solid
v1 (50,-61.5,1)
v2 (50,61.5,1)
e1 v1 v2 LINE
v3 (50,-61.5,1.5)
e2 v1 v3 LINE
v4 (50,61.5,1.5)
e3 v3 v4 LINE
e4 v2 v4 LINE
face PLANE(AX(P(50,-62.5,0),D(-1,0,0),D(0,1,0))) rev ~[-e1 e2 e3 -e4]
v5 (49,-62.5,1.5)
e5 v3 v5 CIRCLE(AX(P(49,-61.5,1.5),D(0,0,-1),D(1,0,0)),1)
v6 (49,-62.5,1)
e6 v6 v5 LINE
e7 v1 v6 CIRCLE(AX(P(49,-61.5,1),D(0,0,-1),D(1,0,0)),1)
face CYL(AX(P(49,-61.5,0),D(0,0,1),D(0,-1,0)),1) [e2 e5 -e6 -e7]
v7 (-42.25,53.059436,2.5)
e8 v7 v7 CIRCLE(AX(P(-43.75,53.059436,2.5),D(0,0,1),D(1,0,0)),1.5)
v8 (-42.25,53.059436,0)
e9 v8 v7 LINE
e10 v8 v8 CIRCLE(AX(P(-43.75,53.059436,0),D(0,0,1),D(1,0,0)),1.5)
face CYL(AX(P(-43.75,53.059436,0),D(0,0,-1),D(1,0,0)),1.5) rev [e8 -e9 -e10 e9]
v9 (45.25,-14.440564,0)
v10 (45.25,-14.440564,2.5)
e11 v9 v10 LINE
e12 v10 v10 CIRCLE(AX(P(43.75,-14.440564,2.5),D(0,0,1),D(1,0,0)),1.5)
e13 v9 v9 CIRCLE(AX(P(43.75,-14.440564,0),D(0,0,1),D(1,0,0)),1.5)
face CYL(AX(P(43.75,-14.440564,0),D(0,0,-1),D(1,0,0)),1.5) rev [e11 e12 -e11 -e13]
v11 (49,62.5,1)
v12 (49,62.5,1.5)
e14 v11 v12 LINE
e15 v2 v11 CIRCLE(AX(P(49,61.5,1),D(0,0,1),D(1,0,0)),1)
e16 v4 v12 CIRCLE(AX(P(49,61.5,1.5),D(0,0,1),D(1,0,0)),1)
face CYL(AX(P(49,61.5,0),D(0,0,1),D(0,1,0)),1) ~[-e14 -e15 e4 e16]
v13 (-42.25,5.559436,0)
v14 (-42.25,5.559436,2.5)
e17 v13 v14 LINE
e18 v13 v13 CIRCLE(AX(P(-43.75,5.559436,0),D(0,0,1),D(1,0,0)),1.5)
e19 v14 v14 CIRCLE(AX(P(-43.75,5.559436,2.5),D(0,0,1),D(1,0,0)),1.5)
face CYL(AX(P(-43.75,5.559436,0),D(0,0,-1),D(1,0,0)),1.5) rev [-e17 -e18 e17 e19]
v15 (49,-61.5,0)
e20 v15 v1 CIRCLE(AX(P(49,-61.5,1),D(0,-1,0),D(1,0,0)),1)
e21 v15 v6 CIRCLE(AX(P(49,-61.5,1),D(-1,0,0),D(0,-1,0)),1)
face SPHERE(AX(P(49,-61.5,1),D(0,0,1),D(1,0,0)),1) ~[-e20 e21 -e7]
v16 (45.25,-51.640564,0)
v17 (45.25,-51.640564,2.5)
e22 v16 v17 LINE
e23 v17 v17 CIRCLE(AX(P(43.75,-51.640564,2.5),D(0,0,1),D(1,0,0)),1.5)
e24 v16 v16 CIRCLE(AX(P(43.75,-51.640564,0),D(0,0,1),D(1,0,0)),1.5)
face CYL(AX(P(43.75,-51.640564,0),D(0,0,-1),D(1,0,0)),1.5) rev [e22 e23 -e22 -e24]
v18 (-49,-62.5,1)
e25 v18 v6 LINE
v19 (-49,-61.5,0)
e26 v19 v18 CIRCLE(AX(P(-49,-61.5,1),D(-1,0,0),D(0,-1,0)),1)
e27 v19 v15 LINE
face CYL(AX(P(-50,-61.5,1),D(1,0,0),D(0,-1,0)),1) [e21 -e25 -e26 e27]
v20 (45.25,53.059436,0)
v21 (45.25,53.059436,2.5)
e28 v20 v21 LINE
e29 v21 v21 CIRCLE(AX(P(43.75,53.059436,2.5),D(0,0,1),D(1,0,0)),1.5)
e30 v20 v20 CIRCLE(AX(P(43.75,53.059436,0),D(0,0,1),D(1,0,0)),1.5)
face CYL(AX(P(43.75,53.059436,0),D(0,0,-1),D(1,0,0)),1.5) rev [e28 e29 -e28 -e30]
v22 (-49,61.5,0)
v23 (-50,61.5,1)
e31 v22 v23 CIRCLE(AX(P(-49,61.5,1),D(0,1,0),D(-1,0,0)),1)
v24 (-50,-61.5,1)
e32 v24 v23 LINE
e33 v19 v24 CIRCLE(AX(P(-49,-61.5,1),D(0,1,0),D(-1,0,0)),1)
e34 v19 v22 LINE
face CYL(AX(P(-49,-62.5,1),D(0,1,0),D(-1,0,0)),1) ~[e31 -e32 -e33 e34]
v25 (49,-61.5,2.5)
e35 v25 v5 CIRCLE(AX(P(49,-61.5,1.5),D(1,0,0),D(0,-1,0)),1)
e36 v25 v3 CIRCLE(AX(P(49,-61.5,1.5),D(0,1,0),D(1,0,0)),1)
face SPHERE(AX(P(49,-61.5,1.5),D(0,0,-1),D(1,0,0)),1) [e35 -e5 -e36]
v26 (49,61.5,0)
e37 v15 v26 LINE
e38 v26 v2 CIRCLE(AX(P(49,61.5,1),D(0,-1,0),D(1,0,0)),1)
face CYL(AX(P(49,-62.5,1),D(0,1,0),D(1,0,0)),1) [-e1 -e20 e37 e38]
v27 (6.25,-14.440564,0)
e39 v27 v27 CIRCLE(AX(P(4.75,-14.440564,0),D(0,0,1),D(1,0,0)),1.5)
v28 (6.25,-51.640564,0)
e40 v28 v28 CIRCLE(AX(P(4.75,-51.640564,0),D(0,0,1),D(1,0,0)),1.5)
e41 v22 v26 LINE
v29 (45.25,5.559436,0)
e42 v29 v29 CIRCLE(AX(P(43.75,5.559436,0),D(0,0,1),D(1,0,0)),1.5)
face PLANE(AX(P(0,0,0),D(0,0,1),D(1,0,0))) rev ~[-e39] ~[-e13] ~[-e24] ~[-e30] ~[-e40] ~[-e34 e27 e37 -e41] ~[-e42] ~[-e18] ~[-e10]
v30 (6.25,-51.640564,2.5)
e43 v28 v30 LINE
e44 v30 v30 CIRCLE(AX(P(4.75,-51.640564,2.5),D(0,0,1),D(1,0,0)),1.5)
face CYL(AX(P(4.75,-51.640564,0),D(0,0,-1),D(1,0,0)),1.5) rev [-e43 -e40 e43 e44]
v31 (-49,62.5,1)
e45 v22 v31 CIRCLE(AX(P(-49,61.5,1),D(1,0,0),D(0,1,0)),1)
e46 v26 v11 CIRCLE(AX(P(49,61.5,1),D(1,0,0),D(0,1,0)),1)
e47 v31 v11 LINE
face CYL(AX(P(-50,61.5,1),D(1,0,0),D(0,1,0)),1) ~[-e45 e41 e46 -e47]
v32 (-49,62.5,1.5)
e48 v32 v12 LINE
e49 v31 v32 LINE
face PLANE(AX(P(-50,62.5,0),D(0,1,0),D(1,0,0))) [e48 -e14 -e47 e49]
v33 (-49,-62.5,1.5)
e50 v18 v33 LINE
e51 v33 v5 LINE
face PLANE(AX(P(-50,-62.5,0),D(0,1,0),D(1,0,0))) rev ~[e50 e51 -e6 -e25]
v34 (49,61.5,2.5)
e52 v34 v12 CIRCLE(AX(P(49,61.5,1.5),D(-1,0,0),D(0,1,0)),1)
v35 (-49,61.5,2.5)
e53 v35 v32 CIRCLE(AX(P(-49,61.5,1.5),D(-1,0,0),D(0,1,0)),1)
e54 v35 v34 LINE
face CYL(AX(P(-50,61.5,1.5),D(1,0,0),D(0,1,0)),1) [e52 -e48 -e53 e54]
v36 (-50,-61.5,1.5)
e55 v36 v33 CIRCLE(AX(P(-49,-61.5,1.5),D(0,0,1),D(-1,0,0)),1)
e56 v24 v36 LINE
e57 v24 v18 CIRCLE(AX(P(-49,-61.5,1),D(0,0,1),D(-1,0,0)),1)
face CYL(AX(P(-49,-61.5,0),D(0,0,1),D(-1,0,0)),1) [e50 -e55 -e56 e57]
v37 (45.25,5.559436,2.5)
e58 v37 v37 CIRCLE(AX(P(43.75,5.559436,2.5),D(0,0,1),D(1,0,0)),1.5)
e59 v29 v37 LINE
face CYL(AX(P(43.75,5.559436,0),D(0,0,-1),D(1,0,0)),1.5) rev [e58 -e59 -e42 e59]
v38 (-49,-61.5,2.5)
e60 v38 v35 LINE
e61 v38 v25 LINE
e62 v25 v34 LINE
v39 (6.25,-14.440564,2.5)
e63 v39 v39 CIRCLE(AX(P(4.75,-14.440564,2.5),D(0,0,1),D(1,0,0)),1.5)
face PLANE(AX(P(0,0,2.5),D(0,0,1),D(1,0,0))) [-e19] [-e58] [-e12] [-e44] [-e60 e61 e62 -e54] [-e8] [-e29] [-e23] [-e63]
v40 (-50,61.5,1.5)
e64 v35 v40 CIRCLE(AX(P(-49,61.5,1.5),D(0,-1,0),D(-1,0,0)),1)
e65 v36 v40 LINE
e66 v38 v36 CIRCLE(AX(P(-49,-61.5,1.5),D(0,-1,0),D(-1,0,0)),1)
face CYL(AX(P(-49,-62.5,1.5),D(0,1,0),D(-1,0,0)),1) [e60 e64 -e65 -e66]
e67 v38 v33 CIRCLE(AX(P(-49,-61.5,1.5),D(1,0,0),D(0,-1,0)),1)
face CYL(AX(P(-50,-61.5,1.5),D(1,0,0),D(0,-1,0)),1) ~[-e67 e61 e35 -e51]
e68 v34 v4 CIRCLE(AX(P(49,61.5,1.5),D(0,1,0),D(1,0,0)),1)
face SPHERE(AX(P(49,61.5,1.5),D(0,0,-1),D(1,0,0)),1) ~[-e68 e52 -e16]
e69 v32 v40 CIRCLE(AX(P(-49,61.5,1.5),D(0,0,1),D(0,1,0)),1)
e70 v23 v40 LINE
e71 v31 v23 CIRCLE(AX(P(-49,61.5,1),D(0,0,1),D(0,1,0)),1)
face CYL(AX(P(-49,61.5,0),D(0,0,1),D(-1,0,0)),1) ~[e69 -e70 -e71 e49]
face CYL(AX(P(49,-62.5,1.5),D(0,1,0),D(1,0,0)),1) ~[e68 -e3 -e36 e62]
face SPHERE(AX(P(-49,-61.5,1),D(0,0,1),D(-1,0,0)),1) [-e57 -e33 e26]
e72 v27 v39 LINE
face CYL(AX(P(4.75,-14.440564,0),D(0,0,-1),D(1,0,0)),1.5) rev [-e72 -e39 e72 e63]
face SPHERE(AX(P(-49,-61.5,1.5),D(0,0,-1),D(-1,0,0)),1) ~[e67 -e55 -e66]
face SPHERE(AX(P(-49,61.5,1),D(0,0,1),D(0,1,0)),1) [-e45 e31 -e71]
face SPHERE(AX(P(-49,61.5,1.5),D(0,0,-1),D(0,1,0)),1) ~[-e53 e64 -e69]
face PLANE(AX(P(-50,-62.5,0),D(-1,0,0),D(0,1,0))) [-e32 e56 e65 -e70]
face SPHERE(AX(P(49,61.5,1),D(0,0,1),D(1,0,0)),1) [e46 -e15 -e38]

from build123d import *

# Parameters (mm, degrees)
SKETCH_W  = 100
SKETCH_H  = 125
SKETCH_R  = 1.5
PAD_DEPTH = 2.5
FILLET_R  = 1


with BuildPart() as part:
    # Sketch → Pad (new body)
    with BuildSketch(Plane.XY):
        Rectangle(SKETCH_W, SKETCH_H)
        with Locations((-43.75, 53.059436)):
            Circle(SKETCH_R, mode=Mode.SUBTRACT)
        with Locations((43.75, 53.059436)):
            Circle(SKETCH_R, mode=Mode.SUBTRACT)
        with Locations((43.75, 5.559436)):
            Circle(SKETCH_R, mode=Mode.SUBTRACT)
        with Locations((43.75, -14.440564)):
            Circle(SKETCH_R, mode=Mode.SUBTRACT)
        with Locations((4.75, -14.440564)):
            Circle(SKETCH_R, mode=Mode.SUBTRACT)
        with Locations((43.75, -51.640564)):
            Circle(SKETCH_R, mode=Mode.SUBTRACT)
        with Locations((-43.75, 5.559436)):
            Circle(SKETCH_R, mode=Mode.SUBTRACT)
        with Locations((4.75, -51.640564)):
            Circle(SKETCH_R, mode=Mode.SUBTRACT)
    extrude(amount=PAD_DEPTH)

    # Fillet
    fillet_edges = [part.edges().sort_by_distance(p)[0] for p in [
        (50, 62.5, 1.25),
        (50, -62.5, 1.25),
        (50, 0, 0),
        (50, 0, 2.5),
        (-50, 62.5, 1.25),
        (0, 62.5, 0),
        (0, 62.5, 2.5),
        (-50, -62.5, 1.25),
        (-50, 0, 0),
        (-50, 0, 2.5),
        (0, -62.5, 0),
        (0, -62.5, 2.5),
    ]]
    fillet(fillet_edges, radius=FILLET_R)


solid = part.part
